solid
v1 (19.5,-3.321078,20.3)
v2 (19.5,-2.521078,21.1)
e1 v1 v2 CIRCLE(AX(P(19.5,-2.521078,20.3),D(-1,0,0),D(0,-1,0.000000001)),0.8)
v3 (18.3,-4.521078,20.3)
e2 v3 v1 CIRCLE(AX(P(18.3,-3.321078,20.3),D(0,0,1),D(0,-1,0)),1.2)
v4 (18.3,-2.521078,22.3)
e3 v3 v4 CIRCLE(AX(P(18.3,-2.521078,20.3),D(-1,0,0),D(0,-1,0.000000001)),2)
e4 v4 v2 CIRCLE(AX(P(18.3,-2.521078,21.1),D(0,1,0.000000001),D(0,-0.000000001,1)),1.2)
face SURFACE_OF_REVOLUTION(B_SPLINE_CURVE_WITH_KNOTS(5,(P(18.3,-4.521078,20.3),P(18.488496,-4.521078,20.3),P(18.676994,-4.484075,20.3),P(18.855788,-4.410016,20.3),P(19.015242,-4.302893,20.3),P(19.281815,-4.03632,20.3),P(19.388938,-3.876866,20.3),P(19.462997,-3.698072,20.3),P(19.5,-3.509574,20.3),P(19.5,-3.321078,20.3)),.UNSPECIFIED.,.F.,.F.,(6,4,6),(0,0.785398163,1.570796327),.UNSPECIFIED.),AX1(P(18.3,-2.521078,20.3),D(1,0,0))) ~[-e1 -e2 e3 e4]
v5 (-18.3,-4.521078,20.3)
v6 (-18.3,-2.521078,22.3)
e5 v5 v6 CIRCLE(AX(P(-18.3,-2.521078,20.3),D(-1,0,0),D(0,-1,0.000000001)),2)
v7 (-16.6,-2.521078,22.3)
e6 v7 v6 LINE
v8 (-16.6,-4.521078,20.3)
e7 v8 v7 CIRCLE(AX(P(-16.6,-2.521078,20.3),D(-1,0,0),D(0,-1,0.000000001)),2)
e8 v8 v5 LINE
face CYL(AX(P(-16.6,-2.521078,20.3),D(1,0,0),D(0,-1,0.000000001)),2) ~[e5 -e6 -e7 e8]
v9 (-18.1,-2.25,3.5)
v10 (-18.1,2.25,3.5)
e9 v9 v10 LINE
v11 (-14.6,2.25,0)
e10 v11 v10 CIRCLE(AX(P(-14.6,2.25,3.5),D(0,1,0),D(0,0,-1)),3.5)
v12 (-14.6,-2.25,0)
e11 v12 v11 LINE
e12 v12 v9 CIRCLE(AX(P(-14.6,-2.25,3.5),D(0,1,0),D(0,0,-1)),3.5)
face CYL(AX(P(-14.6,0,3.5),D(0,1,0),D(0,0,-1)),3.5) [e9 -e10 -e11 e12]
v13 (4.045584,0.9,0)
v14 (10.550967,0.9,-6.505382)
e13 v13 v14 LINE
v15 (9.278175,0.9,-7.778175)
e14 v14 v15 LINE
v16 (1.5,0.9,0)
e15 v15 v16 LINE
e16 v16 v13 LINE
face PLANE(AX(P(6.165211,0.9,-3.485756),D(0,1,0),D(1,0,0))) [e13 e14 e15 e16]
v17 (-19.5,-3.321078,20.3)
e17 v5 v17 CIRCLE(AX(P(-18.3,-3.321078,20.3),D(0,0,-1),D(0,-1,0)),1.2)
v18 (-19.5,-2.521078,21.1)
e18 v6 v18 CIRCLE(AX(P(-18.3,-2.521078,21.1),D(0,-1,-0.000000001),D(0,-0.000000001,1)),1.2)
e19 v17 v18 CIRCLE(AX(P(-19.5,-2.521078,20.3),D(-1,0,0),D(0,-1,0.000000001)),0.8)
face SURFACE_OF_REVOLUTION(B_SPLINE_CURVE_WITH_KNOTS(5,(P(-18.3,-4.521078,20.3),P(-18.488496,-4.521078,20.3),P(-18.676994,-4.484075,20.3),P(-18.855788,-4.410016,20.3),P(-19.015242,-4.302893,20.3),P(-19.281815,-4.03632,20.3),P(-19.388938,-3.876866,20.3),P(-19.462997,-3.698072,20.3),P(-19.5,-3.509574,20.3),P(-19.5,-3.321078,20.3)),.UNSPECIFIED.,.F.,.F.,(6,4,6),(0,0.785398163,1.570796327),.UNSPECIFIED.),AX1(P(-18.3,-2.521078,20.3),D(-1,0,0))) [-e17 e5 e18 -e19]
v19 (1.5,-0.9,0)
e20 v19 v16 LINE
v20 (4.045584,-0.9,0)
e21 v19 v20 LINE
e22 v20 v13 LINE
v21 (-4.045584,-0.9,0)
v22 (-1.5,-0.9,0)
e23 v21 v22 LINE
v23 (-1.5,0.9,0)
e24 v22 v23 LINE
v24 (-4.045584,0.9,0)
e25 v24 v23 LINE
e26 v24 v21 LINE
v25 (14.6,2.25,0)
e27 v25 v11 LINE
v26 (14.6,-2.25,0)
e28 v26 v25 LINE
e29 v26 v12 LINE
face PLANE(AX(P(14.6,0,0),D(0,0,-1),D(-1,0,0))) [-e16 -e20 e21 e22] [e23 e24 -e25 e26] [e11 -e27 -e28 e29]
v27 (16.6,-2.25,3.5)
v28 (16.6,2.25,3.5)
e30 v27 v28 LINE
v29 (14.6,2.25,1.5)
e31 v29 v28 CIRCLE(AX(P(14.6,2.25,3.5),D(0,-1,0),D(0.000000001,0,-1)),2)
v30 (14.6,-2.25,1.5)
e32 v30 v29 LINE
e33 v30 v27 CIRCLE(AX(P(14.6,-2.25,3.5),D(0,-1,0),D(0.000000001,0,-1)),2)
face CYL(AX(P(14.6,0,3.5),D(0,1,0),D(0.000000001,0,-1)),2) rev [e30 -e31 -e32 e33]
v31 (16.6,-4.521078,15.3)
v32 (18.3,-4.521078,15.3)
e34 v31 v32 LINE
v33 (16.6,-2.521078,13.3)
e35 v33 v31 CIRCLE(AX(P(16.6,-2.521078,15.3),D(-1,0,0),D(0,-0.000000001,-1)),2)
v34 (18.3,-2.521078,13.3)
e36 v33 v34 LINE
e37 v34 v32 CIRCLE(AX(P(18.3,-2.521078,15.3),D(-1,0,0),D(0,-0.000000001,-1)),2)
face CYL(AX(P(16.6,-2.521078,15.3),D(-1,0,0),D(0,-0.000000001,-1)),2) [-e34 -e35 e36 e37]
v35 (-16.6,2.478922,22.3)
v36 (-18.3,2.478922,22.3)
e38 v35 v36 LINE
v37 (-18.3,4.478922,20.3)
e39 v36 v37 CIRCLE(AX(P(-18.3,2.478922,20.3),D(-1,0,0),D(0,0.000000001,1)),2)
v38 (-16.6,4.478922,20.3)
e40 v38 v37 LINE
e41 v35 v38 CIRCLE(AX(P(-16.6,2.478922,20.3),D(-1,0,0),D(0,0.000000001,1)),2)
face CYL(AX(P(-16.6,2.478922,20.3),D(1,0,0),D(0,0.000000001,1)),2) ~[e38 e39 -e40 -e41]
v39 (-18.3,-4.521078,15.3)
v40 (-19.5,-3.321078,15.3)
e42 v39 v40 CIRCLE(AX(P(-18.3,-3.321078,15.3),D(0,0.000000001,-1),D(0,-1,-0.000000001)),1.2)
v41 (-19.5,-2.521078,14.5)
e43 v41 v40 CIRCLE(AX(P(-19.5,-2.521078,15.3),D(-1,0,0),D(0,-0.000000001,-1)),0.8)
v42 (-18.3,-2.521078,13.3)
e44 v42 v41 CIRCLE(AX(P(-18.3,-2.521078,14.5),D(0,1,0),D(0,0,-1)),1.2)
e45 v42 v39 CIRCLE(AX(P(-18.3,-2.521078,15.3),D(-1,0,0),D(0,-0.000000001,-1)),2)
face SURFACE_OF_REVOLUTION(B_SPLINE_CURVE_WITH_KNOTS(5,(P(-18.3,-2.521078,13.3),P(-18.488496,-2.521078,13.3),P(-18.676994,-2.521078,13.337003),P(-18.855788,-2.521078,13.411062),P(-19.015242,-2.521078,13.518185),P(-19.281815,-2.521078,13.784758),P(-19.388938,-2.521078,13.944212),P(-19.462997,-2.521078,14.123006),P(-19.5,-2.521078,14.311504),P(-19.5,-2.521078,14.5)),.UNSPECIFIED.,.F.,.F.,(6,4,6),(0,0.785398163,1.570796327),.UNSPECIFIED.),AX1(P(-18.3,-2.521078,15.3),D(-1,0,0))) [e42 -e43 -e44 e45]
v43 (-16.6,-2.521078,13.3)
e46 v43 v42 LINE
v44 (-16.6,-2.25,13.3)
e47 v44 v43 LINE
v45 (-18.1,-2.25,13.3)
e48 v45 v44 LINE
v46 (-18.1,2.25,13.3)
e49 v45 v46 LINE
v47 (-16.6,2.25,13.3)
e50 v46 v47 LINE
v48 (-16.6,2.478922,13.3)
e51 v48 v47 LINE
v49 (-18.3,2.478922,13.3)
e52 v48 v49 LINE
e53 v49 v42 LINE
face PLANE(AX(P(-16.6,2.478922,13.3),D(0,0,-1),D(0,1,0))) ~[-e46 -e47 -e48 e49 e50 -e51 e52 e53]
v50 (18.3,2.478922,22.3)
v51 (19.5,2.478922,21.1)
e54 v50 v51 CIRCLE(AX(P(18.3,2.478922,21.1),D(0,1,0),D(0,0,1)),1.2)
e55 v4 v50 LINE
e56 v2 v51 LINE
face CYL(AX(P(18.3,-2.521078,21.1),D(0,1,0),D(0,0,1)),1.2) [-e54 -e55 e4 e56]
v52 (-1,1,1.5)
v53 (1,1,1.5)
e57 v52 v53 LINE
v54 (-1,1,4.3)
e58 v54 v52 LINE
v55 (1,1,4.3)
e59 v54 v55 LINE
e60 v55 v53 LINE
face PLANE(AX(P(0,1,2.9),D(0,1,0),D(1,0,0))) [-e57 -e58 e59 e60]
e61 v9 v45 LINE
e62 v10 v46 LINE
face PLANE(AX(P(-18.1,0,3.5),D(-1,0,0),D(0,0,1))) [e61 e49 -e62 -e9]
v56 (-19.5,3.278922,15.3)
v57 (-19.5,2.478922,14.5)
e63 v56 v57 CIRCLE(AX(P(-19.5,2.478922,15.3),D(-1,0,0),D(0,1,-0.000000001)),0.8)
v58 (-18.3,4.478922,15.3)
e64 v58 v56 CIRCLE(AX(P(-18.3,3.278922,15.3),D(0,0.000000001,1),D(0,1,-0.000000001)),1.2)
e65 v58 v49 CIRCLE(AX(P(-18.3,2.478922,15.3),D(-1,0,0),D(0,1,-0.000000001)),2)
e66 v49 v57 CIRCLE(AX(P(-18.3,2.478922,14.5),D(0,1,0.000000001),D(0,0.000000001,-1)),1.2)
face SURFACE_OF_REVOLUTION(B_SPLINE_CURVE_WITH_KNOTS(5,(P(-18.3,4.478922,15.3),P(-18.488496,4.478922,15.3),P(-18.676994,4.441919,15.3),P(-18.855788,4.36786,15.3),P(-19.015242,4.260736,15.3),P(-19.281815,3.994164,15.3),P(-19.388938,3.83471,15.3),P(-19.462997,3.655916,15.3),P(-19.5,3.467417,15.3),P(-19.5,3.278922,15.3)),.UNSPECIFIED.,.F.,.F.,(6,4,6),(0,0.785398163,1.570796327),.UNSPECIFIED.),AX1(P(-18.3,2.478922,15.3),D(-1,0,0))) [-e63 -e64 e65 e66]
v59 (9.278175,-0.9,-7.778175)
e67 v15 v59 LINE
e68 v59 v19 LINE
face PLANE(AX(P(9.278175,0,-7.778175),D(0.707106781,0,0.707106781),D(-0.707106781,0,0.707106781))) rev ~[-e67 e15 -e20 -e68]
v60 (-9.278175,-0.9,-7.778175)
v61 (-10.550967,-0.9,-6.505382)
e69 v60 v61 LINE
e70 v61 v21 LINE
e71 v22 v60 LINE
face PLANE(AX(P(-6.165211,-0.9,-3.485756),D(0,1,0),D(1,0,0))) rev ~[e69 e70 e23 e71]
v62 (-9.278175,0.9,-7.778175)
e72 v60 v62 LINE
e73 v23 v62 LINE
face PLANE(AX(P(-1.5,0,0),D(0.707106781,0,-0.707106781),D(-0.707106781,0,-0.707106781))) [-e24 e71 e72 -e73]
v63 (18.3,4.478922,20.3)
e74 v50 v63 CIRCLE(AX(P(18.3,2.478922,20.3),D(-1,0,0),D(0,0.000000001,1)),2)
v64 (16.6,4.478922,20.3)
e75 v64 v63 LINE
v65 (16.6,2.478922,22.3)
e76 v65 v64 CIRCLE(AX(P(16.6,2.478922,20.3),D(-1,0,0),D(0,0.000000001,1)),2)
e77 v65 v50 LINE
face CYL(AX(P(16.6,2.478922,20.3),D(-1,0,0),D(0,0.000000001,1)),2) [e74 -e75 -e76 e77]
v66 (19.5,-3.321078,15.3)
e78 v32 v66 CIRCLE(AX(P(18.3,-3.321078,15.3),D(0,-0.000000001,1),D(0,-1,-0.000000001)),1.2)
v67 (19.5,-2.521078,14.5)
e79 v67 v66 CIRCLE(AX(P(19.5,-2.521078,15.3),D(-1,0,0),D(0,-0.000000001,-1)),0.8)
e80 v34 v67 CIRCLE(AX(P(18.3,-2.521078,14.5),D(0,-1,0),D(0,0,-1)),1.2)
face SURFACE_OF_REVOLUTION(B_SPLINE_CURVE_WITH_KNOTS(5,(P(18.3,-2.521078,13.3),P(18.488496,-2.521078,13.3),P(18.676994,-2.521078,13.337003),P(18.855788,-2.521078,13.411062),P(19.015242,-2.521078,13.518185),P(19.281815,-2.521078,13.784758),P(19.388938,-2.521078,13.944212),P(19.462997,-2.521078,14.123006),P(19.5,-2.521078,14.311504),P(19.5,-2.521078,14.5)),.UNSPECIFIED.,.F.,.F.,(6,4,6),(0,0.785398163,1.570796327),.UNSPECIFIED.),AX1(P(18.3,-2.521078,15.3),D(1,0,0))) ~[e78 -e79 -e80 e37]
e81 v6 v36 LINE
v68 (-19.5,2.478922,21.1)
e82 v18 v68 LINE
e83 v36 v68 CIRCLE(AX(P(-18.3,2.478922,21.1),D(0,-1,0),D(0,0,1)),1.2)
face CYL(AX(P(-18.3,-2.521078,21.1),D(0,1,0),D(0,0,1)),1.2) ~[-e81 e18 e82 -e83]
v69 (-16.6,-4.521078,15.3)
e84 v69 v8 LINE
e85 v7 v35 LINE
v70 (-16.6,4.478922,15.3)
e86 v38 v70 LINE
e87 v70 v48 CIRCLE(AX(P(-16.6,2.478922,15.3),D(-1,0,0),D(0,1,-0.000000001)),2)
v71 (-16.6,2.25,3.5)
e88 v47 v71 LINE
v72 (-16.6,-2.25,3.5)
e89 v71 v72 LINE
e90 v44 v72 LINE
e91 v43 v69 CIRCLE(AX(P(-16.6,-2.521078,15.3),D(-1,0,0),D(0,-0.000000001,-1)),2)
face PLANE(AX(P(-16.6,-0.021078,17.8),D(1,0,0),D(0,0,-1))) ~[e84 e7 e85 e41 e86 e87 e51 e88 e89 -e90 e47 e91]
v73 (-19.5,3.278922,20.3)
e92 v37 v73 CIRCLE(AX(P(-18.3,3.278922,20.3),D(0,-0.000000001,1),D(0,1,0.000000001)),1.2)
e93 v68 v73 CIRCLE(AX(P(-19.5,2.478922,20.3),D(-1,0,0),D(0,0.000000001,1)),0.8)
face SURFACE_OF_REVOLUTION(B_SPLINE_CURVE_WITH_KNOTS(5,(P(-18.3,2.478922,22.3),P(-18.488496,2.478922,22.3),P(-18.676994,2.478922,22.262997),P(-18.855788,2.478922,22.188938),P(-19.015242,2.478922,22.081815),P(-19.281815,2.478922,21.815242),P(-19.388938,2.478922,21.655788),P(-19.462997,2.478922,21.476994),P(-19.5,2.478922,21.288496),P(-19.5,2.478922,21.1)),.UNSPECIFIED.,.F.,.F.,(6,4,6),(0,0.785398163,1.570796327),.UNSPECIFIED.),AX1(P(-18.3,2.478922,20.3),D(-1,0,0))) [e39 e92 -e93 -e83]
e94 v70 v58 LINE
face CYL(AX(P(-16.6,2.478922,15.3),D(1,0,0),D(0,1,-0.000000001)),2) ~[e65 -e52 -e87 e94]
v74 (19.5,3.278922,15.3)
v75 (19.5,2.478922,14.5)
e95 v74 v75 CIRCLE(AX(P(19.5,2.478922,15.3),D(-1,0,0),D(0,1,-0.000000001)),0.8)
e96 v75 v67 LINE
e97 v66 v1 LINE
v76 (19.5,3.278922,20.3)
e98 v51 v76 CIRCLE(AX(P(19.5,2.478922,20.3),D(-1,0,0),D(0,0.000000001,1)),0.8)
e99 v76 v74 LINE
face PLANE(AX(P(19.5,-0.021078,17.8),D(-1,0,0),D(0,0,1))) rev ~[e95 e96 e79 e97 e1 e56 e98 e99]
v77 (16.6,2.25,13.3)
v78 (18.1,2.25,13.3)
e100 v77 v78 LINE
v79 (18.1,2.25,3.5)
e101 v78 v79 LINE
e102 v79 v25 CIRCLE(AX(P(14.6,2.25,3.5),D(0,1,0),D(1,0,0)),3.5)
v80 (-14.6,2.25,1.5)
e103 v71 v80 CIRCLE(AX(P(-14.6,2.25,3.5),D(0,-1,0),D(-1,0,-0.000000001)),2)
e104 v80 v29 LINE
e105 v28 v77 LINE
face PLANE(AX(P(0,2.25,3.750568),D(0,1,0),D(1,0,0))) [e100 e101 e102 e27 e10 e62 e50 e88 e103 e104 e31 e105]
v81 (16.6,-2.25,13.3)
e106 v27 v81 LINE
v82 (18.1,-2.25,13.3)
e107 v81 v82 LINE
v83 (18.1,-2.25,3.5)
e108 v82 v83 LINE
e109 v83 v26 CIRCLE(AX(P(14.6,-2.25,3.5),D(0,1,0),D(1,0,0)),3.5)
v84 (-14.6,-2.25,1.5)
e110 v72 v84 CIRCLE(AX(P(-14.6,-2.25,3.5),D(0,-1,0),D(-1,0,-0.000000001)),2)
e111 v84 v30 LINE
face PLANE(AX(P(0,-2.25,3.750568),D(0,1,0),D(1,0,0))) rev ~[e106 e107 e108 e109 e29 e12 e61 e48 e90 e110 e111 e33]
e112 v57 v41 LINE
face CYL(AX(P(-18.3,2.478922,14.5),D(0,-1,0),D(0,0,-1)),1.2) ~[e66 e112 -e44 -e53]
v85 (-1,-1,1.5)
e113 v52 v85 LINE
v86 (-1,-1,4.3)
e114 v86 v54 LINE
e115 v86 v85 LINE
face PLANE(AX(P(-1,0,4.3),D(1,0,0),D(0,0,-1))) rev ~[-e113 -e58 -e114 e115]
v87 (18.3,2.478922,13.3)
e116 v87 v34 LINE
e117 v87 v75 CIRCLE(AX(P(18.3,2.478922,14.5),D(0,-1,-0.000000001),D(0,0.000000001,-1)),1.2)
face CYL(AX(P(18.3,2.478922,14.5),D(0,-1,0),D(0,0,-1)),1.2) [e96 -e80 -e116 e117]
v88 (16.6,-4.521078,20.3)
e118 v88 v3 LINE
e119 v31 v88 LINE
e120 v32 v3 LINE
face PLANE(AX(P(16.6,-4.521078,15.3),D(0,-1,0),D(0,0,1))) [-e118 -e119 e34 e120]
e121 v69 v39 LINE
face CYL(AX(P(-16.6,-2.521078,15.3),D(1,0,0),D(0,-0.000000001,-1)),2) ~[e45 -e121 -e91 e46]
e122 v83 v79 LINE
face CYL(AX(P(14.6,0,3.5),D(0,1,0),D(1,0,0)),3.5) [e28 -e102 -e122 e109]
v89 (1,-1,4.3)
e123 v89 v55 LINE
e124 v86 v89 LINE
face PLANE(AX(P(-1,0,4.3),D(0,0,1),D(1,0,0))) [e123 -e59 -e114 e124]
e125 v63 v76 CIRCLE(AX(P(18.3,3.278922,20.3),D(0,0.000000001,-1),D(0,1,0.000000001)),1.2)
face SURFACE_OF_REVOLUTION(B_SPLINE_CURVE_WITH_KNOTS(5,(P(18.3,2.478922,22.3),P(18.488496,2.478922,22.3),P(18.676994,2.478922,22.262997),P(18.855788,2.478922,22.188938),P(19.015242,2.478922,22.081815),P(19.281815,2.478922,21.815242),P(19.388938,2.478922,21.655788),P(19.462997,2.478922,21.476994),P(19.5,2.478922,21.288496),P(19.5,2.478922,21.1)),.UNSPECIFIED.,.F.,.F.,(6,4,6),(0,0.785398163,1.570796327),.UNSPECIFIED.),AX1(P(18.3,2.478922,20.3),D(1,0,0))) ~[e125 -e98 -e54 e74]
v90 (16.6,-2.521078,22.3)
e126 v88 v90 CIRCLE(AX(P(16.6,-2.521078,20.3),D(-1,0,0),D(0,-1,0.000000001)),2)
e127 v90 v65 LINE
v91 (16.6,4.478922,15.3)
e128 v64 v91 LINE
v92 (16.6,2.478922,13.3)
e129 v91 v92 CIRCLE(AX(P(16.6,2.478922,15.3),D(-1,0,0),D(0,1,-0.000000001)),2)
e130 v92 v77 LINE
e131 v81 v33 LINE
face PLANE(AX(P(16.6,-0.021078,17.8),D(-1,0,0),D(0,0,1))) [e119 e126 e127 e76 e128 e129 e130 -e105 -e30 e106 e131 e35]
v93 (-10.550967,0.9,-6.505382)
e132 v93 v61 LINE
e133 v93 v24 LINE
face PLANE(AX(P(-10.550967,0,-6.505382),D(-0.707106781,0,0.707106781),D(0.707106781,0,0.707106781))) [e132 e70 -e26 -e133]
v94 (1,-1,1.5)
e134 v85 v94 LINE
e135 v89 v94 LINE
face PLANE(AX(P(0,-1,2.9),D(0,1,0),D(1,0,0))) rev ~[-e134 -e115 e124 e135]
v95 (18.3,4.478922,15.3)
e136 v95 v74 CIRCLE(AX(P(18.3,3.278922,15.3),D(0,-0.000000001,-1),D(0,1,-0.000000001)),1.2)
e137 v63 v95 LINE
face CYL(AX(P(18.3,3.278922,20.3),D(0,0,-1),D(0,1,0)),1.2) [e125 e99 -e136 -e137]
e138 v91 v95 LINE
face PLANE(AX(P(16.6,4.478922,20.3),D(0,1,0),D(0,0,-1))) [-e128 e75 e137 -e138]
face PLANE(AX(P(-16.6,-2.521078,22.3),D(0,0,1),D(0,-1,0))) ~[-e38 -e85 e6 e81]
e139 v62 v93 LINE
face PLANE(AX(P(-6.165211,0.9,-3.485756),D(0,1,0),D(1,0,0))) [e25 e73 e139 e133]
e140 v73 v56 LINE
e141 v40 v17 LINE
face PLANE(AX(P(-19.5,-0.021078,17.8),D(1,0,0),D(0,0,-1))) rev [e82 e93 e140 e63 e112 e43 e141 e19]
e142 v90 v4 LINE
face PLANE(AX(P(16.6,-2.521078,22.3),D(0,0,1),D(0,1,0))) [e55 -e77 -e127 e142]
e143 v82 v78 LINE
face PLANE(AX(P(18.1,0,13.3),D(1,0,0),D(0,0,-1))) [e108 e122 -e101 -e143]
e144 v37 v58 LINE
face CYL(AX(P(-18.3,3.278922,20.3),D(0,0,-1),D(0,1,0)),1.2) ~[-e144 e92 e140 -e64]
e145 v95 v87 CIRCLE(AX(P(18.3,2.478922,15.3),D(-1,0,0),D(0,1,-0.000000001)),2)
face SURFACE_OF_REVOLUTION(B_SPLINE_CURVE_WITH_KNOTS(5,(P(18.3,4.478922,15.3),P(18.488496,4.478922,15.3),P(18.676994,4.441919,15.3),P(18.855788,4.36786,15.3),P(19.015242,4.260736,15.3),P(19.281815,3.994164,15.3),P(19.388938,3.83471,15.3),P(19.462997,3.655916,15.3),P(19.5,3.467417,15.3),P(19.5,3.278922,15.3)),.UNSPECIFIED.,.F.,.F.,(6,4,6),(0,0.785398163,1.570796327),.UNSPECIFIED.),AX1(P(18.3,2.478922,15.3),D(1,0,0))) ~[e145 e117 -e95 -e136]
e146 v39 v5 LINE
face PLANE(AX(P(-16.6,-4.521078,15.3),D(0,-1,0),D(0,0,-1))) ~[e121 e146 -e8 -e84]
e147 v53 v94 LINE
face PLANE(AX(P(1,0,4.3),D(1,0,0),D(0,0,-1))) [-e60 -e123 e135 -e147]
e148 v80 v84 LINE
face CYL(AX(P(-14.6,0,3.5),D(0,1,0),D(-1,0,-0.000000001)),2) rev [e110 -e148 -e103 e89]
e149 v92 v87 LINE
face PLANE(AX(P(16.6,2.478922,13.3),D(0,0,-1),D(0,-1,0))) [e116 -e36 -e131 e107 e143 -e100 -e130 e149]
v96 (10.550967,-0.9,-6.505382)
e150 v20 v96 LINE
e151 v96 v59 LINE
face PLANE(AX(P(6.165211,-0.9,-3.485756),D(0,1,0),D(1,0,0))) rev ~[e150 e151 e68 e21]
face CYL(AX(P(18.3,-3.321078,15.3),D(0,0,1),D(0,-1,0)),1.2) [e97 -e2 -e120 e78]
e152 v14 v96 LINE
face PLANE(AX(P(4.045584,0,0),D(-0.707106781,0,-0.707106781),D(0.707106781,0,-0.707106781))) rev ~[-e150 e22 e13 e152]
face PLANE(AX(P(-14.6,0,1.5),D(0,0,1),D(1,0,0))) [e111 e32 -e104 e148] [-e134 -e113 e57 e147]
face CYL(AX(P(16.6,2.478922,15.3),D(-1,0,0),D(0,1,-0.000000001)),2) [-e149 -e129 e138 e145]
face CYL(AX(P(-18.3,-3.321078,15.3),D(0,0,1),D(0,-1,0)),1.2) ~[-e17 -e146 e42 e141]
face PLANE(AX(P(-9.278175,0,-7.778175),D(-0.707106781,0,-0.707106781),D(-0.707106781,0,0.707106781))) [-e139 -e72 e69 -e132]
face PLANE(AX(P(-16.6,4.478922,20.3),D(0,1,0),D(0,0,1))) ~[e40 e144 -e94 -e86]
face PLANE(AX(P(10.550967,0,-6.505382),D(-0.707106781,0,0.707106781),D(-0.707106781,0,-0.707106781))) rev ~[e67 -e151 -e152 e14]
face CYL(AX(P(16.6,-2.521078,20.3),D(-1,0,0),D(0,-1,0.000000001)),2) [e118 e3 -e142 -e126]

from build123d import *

# Parameters (mm, degrees)
EXTRUDE_2_DEPTH        = 2.25
SKETCH_1_5_W           = 2
SKETCH_1_5_H           = 2.8
EXTRUDE_3_DEPTH        = 1
EXTRUDE_4_DEPTH        = 0.9
EXTRUDE_5_DEPTH        = 2.9
FILLET_1_R             = 1.2
FILLET_1_OF_MIRROR_2_R = 1.2


with BuildPart() as part:
    # 草图1 → 凸台-拉伸2 (new, symmetric)
    with BuildSketch(Plane(origin=(0, 0, 0), x_dir=(1, 0, 0), z_dir=(0, 1, 0))):
        with BuildLine():
            Line((-14.6, -1.5), (14.6, -1.5))
            ThreePointArc((14.6, -1.5), (16.014213562, -2.085786438), (16.6, -3.5))
            Line((16.6, -3.5), (16.6, -13.3))
            Line((16.6, -13.3), (18.1, -13.3))
            Line((18.1, -13.3), (18.1, -3.5))
            ThreePointArc((18.1, -3.5), (17.074873734, -1.025126266), (14.6, 0))
            Line((14.6, 0), (-14.6, 0))
            ThreePointArc((-14.6, 0), (-17.074873734, -1.025126266), (-18.1, -3.5))
            Line((-18.1, -3.5), (-18.1, -13.3))
            Line((-18.1, -13.3), (-16.6, -13.3))
            Line((-16.6, -13.3), (-16.6, -3.5))
            ThreePointArc((-16.6, -3.5), (-16.014213562, -2.085786438), (-14.6, -1.5))
        make_face()
    extrude(amount=EXTRUDE_2_DEPTH, both=True)

    # 草图1<5> → 凸台-拉伸3 (add, symmetric)
    with BuildSketch(Plane(origin=(0, 0, 0), x_dir=(1, 0, 0), z_dir=(0, 1, 0))):
        with Locations((0, -2.9)):
            Rectangle(SKETCH_1_5_W, SKETCH_1_5_H)
    extrude(amount=EXTRUDE_3_DEPTH, both=True)

    # 草图1<6> → 凸台-拉伸4 (add, symmetric)
    with BuildSketch(Plane(origin=(0, 0, 0), x_dir=(1, 0, 0), z_dir=(0, 1, 0))):
        Polygon((9.278174593, 7.778174593), (1.5, 0), (4.045584412, 0), (10.550966799, 6.505382387), align=None)
        Polygon((-4.045584412, 0), (-1.5, 0), (-9.278174593, 7.778174593), (-10.550966799, 6.505382387), align=None)
    extrude(amount=EXTRUDE_4_DEPTH, both=True)

    # 草图2 → 凸台-拉伸5 (add)
    with BuildSketch(Plane.ZY.offset(-16.6)):
        with BuildLine():
            Line((20.3, 4.478921871), (15.3, 4.478921871))
            ThreePointArc((15.3, 4.478921871), (13.885786438, 3.893135433), (13.3, 2.478921871))
            Line((13.3, 2.478921871), (13.3, -2.521078129))
            ThreePointArc((13.3, -2.521078129), (13.885786438, -3.935291691), (15.3, -4.521078129))
            Line((15.3, -4.521078129), (20.3, -4.521078129))
            ThreePointArc((20.3, -4.521078129), (21.714213562, -3.935291691), (22.3, -2.521078129))
            Line((22.3, -2.521078129), (22.3, 2.478921871))
            ThreePointArc((22.3, 2.478921871), (21.714213562, 3.893135433), (20.3, 4.478921871))
        make_face()
    extrude_5 = extrude(amount=-EXTRUDE_5_DEPTH)

    # 圆角1
    fillet_1_edges = [part.edges().sort_by_distance(p)[0] for p in [
        (19.5, 3.893135433, 13.885786438),
        (19.5, 4.478921871, 17.8),
        (19.5, 3.893135433, 21.714213562),
        (19.5, -0.021078129, 22.3),
        (19.5, -3.935291691, 21.714213562),
        (19.5, -4.521078129, 17.8),
        (19.5, -3.935291691, 13.885786438),
        (19.5, -0.021078129, 13.3),
    ]]
    fillet(fillet_1_edges, radius=FILLET_1_R)

    # 镜向2: 凸台-拉伸5 across plane
    add(extrude_5.mirror(Plane(origin=(0, 0, 0), x_dir=(0, 0, 1), z_dir=(1, 0, 0))))

    # 圆角1 of 镜向2
    fillet_1_of_mirror_2_edges = [part.edges().sort_by_distance(p)[0] for p in [
        (-19.5, 3.893135433, 13.885786438),
        (-19.5, 4.478921871, 17.8),
        (-19.5, 3.893135433, 21.714213562),
        (-19.5, -0.021078129, 22.3),
        (-19.5, -3.935291691, 21.714213562),
        (-19.5, -4.521078129, 17.8),
        (-19.5, -3.935291691, 13.885786438),
        (-19.5, -0.021078129, 13.3),
    ]]
    fillet(fillet_1_of_mirror_2_edges, radius=FILLET_1_OF_MIRROR_2_R)


solid = part.part
